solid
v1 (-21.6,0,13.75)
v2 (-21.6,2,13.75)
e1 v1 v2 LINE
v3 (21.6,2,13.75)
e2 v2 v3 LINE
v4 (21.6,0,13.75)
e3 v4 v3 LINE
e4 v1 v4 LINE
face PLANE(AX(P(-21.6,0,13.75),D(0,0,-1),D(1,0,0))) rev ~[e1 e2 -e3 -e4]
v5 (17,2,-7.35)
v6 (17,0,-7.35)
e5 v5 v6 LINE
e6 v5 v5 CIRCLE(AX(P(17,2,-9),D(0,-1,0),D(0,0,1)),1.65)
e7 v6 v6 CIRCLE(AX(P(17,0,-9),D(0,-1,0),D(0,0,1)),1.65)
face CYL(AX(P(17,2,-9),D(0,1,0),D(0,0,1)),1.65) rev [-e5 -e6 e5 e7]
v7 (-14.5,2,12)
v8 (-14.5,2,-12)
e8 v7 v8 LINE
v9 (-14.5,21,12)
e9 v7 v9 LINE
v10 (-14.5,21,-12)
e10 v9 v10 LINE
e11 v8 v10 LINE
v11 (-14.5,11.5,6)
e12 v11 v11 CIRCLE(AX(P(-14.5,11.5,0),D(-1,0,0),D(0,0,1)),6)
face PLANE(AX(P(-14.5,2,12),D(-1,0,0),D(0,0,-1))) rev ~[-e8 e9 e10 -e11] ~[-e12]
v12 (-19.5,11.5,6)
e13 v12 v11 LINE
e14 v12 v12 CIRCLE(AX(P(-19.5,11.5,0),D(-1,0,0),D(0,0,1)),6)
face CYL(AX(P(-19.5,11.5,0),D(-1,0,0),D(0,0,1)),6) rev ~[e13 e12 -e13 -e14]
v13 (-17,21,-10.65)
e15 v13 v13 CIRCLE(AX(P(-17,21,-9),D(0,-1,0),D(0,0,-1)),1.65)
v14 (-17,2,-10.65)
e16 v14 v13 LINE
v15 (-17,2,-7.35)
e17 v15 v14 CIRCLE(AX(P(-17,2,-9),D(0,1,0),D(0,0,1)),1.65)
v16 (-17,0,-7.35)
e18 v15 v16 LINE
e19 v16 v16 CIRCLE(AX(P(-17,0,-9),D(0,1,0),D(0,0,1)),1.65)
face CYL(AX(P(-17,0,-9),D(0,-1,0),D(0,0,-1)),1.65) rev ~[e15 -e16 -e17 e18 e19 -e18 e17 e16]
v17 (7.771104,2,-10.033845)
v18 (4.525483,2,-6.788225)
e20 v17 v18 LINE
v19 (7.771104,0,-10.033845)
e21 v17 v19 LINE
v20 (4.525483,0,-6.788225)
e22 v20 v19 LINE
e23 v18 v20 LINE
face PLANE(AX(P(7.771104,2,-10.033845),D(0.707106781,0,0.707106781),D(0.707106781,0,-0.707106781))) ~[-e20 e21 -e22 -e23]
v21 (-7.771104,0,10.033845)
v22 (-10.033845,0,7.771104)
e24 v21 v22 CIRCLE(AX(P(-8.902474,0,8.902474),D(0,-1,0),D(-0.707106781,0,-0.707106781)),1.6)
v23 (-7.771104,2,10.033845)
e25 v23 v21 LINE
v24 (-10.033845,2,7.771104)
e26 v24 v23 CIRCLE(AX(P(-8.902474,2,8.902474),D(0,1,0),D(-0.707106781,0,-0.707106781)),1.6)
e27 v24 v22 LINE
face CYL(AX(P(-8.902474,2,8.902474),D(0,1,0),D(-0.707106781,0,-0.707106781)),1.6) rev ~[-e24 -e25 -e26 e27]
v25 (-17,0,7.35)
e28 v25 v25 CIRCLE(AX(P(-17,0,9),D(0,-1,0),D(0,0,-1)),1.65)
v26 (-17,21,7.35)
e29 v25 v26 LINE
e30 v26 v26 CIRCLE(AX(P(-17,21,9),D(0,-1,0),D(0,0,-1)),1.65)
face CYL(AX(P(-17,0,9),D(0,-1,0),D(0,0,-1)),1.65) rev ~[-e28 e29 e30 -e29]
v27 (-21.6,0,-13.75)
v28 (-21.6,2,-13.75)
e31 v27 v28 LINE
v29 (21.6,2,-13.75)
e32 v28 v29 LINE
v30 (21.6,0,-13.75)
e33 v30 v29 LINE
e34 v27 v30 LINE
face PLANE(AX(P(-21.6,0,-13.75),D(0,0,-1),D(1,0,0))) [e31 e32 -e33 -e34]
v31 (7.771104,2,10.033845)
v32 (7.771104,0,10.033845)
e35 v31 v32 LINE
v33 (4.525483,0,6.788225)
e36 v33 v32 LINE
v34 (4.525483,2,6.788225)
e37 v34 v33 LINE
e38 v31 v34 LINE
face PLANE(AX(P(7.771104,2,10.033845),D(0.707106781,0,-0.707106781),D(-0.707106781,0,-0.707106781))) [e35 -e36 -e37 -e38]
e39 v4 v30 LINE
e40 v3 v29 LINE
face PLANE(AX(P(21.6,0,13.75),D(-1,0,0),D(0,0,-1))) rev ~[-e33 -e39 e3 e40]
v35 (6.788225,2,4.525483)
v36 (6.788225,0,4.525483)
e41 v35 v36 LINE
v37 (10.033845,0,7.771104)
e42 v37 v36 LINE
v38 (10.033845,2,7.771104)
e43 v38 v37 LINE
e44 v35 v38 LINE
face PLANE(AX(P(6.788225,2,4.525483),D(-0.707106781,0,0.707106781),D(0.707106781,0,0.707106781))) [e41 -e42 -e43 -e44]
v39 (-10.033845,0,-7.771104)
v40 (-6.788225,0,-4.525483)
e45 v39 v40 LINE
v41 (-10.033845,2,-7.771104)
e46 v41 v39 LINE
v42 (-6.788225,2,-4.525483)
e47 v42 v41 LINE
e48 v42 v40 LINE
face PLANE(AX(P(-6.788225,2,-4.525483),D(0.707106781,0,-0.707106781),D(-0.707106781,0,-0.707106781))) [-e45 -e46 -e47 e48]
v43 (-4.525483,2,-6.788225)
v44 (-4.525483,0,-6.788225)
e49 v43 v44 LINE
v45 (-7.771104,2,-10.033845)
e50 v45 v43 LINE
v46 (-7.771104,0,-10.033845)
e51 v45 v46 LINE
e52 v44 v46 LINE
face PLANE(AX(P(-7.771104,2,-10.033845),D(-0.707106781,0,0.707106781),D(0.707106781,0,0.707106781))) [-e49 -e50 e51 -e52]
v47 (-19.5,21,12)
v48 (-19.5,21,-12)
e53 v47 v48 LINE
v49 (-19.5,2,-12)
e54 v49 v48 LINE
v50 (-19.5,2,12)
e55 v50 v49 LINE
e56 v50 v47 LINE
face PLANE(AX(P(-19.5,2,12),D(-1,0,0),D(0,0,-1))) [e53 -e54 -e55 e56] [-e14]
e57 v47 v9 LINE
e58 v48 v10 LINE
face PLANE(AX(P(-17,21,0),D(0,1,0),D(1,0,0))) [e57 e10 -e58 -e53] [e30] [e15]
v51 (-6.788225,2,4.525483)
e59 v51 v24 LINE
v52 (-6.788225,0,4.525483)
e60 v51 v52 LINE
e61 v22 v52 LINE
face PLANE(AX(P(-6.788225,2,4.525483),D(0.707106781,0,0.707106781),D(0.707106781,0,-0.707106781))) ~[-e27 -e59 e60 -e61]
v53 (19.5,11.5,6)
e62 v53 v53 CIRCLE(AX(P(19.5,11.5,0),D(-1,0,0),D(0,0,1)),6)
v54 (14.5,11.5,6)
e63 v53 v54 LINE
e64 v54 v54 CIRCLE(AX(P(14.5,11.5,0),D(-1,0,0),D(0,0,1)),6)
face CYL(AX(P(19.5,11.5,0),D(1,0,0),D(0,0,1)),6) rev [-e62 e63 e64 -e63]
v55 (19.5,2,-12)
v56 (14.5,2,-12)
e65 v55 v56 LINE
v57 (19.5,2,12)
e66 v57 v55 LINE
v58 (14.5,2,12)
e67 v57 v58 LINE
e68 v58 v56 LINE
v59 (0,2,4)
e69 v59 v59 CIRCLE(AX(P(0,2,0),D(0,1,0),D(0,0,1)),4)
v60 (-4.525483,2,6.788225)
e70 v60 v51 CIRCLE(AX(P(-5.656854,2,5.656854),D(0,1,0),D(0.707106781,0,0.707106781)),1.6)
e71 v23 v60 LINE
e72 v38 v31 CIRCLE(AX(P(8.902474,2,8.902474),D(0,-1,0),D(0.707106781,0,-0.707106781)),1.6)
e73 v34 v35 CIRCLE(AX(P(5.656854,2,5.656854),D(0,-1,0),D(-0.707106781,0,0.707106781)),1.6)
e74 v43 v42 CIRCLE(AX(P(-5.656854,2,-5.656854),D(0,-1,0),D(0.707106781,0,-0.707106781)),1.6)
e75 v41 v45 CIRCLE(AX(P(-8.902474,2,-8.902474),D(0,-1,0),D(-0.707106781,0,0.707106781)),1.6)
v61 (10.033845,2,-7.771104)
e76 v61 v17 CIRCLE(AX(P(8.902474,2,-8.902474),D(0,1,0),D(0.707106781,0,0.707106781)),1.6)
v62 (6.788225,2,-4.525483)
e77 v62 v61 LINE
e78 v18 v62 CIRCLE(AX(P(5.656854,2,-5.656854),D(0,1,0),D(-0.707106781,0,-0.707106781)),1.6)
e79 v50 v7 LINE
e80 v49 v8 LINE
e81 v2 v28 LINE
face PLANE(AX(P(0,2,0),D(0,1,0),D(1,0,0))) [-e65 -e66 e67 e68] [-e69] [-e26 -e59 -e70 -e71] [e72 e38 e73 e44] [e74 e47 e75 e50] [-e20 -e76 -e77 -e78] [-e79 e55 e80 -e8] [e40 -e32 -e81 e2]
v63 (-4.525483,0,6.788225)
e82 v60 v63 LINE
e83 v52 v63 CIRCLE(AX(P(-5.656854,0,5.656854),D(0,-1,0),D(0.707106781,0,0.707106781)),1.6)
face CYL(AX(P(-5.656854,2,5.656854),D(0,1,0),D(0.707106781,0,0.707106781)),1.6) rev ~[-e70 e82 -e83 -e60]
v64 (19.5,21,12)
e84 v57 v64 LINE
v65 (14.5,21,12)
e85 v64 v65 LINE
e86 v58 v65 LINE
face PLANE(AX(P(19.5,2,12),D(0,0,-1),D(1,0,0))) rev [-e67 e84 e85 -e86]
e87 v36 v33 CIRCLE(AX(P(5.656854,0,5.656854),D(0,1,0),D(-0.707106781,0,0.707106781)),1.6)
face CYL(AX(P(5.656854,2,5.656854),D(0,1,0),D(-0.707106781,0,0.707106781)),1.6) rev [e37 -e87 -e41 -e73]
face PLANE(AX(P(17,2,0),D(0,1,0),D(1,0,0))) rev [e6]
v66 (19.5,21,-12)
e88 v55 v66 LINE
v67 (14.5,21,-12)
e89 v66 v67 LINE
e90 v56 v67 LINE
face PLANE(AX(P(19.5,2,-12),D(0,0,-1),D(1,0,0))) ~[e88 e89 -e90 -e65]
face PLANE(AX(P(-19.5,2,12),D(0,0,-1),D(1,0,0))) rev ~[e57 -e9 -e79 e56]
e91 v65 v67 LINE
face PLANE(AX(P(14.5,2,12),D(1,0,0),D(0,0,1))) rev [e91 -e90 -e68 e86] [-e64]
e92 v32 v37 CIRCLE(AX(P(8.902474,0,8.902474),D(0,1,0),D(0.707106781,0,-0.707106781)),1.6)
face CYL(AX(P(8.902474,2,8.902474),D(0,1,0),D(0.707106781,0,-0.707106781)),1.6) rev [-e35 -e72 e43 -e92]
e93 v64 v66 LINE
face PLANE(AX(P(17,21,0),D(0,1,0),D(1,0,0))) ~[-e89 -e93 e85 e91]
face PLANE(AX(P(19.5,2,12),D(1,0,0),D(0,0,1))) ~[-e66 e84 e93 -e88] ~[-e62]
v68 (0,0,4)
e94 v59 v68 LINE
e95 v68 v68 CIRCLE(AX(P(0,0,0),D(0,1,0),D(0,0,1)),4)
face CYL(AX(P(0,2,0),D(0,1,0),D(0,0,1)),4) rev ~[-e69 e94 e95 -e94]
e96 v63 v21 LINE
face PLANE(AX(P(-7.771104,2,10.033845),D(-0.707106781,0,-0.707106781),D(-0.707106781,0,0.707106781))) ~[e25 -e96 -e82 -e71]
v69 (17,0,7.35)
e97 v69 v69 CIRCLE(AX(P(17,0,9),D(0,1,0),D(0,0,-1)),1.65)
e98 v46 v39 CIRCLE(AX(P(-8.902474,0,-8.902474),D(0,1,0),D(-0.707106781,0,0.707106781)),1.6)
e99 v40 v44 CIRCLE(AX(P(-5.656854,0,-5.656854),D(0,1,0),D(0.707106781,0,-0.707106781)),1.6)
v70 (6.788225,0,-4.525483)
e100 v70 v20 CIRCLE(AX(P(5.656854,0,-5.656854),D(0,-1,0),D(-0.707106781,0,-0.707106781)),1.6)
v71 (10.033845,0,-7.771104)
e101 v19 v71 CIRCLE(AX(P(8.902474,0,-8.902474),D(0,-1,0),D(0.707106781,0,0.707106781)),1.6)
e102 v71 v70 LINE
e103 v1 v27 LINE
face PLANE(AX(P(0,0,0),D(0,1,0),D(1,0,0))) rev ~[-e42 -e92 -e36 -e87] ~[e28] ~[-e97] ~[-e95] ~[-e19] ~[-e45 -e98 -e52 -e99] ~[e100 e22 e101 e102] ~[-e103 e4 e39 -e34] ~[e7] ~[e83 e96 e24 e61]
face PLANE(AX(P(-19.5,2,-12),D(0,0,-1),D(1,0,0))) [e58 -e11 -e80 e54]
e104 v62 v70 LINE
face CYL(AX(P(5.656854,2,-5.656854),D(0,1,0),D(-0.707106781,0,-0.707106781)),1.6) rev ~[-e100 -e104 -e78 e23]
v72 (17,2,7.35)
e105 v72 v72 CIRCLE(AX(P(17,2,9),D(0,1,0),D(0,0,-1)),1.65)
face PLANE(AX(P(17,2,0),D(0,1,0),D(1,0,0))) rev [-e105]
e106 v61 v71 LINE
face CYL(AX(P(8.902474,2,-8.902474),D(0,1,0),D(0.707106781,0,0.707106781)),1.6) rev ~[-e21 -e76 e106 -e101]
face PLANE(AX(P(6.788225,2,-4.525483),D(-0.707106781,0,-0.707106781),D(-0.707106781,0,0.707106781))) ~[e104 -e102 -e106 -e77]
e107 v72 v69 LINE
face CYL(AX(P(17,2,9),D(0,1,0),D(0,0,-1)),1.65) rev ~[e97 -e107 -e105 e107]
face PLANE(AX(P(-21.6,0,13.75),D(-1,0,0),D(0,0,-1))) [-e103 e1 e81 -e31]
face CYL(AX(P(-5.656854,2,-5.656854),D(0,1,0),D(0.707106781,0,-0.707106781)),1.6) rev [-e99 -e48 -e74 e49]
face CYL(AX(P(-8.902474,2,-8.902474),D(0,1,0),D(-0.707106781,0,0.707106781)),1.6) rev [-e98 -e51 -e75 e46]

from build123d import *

# Parameters (mm, degrees)
SKETCH_1_W               = 43.2
SKETCH_1_H               = 27.5
EXTRUDE_1_DEPTH          = 2
CUT_EXTRUDE_1_REACH      = 27.683
SKETCH_2_R               = 1.65
CUT_EXTRUDE_2_REACH      = 27.683
MIRROR_2_COPY_1_REACH    = 27.683
MIRROR_2_COPY_1_SKETCH_R = 1.65
MIRROR_2_COPY_2_REACH    = 27.683
CUT_EXTRUDE_3_REACH      = 27.683
SKETCH_4_R               = 4
SKETCH_5_W               = 5
SKETCH_5_H               = 24
EXTRUDE_2_DEPTH          = 19
CUT_EXTRUDE_5_REACH      = 50.159
SKETCH_6_R               = 6
CUT_EXTRUDE_6_REACH      = 35.115
SKETCH_7_R               = 1.65


with BuildPart() as part:
    # 草图1 → 凸台-拉伸1 (new body)
    with BuildSketch(Plane(origin=(0, 0, 0), x_dir=(1, 0, 0), z_dir=(0, 1, 0))):
        Rectangle(SKETCH_1_W, SKETCH_1_H)
    extrude(amount=EXTRUDE_1_DEPTH)

    # 草图2 → 切除-拉伸1 (cut, up to next)
    with BuildSketch(Plane(origin=(0, 2, 0), x_dir=(1, 0, 0), z_dir=(0, 1, 0)), mode=Mode.PRIVATE) as cut_extrude_1_sk1:
        with Locations(Location((-17, 9, 0), (0, 0, 270))):
            Circle(SKETCH_2_R)
    cut_extrude_1_tool1 = extrude(cut_extrude_1_sk1.sketch, amount=-CUT_EXTRUDE_1_REACH, mode=Mode.PRIVATE) & part.part
    cut_extrude_1 = cut_extrude_1_tool1.solids().sort_by_distance((-17, 2, -9))[0]
    add(cut_extrude_1, mode=Mode.SUBTRACT)

    # 草图3 → 切除-拉伸2 (cut, up to next)
    with BuildSketch(Plane(origin=(0, 2, 0), x_dir=(1, 0, 0), z_dir=(0, 1, 0)), mode=Mode.PRIVATE) as cut_extrude_2_sk1:
        with BuildLine():
            Line((-6.788225099, 4.5254834), (-10.033845225, 7.771103525))
            ThreePointArc((-10.033845225, 7.771103525), (-10.033845225, 10.033845225), (-7.771103525, 10.033845225))
            Line((-7.771103525, 10.033845225), (-4.5254834, 6.788225099))
            ThreePointArc((-4.5254834, 6.788225099), (-4.5254834, 4.5254834), (-6.788225099, 4.5254834))
        make_face()
    cut_extrude_2_tool1 = extrude(cut_extrude_2_sk1.sketch, amount=-CUT_EXTRUDE_2_REACH, mode=Mode.PRIVATE) & part.part
    cut_extrude_2 = cut_extrude_2_tool1.solids().sort_by_distance((-7.279664, 2, -7.279664))[0]
    add(cut_extrude_2, mode=Mode.SUBTRACT)

    # 镜向1: 切除-拉伸1, 切除-拉伸2 across plane
    add(cut_extrude_1.mirror(Plane.XY), mode=Mode.SUBTRACT)
    add(cut_extrude_2.mirror(Plane.XY), mode=Mode.SUBTRACT)

    # 镜向2: 切除-拉伸1, 切除-拉伸2 across plane
    add(cut_extrude_1.mirror(Plane(origin=(0, 0, 0), x_dir=(0, 0, 1), z_dir=(1, 0, 0))), mode=Mode.SUBTRACT)
    add(cut_extrude_2.mirror(Plane(origin=(0, 0, 0), x_dir=(0, 0, 1), z_dir=(1, 0, 0))), mode=Mode.SUBTRACT)

    # 镜向2 copy 1 sketch → 镜向2 copy 1 (cut, up to next)
    with BuildSketch(Plane(origin=(0, 2, 0), x_dir=(-1, 0, 0), z_dir=(0, 1, 0)), mode=Mode.PRIVATE) as mirror_2_copy_1_sk1:
        with Locations(Location((-17, 9, 0), (0, 0, 270))):
            Circle(MIRROR_2_COPY_1_SKETCH_R)
    mirror_2_copy_1_tool1 = extrude(mirror_2_copy_1_sk1.sketch, amount=-MIRROR_2_COPY_1_REACH, mode=Mode.PRIVATE) & part.part
    add(mirror_2_copy_1_tool1.solids().sort_by_distance((17, 2, 9))[0], mode=Mode.SUBTRACT)

    # 镜向2 copy 2 sketch → 镜向2 copy 2 (cut, up to next)
    with BuildSketch(Plane(origin=(0, 2, 0), x_dir=(-1, 0, 0), z_dir=(0, 1, 0)), mode=Mode.PRIVATE) as mirror_2_copy_2_sk1:
        with BuildLine():
            Line((-6.788225099, 4.5254834), (-10.033845225, 7.771103525))
            ThreePointArc((-10.033845225, 7.771103525), (-10.033845225, 10.033845225), (-7.771103525, 10.033845225))
            Line((-7.771103525, 10.033845225), (-4.5254834, 6.788225099))
            ThreePointArc((-4.5254834, 6.788225099), (-4.5254834, 4.5254834), (-6.788225099, 4.5254834))
        make_face()
    mirror_2_copy_2_tool1 = extrude(mirror_2_copy_2_sk1.sketch, amount=-MIRROR_2_COPY_2_REACH, mode=Mode.PRIVATE) & part.part
    add(mirror_2_copy_2_tool1.solids().sort_by_distance((7.279664, 2, 7.279664))[0], mode=Mode.SUBTRACT)

    # 草图4 → 切除-拉伸3 (cut, up to next)
    with BuildSketch(Plane(origin=(0, 2, 0), x_dir=(1, 0, 0), z_dir=(0, 1, 0)), mode=Mode.PRIVATE) as cut_extrude_3_sk1:
        with Locations(Location((0, 0, 0), (0, 0, 270))):
            Circle(SKETCH_4_R)
    cut_extrude_3_tool1 = extrude(cut_extrude_3_sk1.sketch, amount=-CUT_EXTRUDE_3_REACH, mode=Mode.PRIVATE) & part.part
    add(cut_extrude_3_tool1.solids().sort_by_distance((0, 2, 0))[0], mode=Mode.SUBTRACT)

    # 草图5 → 凸台-拉伸2 (add)
    with BuildSketch(Plane(origin=(0, 2, 0), x_dir=(1, 0, 0), z_dir=(0, 1, 0))):
        with Locations((-17, 0)):
            Rectangle(SKETCH_5_W, SKETCH_5_H)
    extrude_2 = extrude(amount=EXTRUDE_2_DEPTH)

    # 草图6 → 切除-拉伸5 (cut, up to next)
    with BuildSketch(Plane.ZY.offset(19.5), mode=Mode.PRIVATE) as cut_extrude_5_sk1:
        with Locations((0, 11.5)):
            Circle(SKETCH_6_R)
    cut_extrude_5_tool1 = extrude(cut_extrude_5_sk1.sketch, amount=-CUT_EXTRUDE_5_REACH, mode=Mode.PRIVATE) & part.part
    cut_extrude_5 = cut_extrude_5_tool1.solids().sort_by_distance((-19.5, 11.5, 0))[0]
    add(cut_extrude_5, mode=Mode.SUBTRACT)

    # 草图7 → 切除-拉伸6 (cut, up to next)
    with BuildSketch(Plane.XZ, mode=Mode.PRIVATE) as cut_extrude_6_sk1:
        with Locations(Location((-17, 9, 0), (0, 0, 270))):
            Circle(SKETCH_7_R)
    cut_extrude_6_tool1 = extrude(cut_extrude_6_sk1.sketch, amount=-CUT_EXTRUDE_6_REACH, mode=Mode.PRIVATE) & part.part
    # 草图7 → 切除-拉伸6 (cut, up to next)
    with BuildSketch(Plane.XZ, mode=Mode.PRIVATE) as cut_extrude_6_sk2:
        with Locations(Location((-17, -9, 0), (0, 0, 270))):
            Circle(SKETCH_7_R)
    cut_extrude_6_tool2 = extrude(cut_extrude_6_sk2.sketch, amount=-CUT_EXTRUDE_6_REACH, mode=Mode.PRIVATE) & part.part
    add(cut_extrude_6_tool1.solids().sort_by_distance((-17, 0, 9))[0], mode=Mode.SUBTRACT)
    add(cut_extrude_6_tool2.solids().sort_by_distance((-17, 0, -9))[0], mode=Mode.SUBTRACT)

    # 镜向3: 切除-拉伸1, 凸台-拉伸2, 切除-拉伸5 across plane
    add(cut_extrude_1.mirror(Plane(origin=(0, 0, 0), x_dir=(0, 0, 1), z_dir=(1, 0, 0))), mode=Mode.SUBTRACT)
    add(extrude_2.mirror(Plane(origin=(0, 0, 0), x_dir=(0, 0, 1), z_dir=(1, 0, 0))))
    add(cut_extrude_5.mirror(Plane(origin=(0, 0, 0), x_dir=(0, 0, 1), z_dir=(1, 0, 0))), mode=Mode.SUBTRACT)


solid = part.part
